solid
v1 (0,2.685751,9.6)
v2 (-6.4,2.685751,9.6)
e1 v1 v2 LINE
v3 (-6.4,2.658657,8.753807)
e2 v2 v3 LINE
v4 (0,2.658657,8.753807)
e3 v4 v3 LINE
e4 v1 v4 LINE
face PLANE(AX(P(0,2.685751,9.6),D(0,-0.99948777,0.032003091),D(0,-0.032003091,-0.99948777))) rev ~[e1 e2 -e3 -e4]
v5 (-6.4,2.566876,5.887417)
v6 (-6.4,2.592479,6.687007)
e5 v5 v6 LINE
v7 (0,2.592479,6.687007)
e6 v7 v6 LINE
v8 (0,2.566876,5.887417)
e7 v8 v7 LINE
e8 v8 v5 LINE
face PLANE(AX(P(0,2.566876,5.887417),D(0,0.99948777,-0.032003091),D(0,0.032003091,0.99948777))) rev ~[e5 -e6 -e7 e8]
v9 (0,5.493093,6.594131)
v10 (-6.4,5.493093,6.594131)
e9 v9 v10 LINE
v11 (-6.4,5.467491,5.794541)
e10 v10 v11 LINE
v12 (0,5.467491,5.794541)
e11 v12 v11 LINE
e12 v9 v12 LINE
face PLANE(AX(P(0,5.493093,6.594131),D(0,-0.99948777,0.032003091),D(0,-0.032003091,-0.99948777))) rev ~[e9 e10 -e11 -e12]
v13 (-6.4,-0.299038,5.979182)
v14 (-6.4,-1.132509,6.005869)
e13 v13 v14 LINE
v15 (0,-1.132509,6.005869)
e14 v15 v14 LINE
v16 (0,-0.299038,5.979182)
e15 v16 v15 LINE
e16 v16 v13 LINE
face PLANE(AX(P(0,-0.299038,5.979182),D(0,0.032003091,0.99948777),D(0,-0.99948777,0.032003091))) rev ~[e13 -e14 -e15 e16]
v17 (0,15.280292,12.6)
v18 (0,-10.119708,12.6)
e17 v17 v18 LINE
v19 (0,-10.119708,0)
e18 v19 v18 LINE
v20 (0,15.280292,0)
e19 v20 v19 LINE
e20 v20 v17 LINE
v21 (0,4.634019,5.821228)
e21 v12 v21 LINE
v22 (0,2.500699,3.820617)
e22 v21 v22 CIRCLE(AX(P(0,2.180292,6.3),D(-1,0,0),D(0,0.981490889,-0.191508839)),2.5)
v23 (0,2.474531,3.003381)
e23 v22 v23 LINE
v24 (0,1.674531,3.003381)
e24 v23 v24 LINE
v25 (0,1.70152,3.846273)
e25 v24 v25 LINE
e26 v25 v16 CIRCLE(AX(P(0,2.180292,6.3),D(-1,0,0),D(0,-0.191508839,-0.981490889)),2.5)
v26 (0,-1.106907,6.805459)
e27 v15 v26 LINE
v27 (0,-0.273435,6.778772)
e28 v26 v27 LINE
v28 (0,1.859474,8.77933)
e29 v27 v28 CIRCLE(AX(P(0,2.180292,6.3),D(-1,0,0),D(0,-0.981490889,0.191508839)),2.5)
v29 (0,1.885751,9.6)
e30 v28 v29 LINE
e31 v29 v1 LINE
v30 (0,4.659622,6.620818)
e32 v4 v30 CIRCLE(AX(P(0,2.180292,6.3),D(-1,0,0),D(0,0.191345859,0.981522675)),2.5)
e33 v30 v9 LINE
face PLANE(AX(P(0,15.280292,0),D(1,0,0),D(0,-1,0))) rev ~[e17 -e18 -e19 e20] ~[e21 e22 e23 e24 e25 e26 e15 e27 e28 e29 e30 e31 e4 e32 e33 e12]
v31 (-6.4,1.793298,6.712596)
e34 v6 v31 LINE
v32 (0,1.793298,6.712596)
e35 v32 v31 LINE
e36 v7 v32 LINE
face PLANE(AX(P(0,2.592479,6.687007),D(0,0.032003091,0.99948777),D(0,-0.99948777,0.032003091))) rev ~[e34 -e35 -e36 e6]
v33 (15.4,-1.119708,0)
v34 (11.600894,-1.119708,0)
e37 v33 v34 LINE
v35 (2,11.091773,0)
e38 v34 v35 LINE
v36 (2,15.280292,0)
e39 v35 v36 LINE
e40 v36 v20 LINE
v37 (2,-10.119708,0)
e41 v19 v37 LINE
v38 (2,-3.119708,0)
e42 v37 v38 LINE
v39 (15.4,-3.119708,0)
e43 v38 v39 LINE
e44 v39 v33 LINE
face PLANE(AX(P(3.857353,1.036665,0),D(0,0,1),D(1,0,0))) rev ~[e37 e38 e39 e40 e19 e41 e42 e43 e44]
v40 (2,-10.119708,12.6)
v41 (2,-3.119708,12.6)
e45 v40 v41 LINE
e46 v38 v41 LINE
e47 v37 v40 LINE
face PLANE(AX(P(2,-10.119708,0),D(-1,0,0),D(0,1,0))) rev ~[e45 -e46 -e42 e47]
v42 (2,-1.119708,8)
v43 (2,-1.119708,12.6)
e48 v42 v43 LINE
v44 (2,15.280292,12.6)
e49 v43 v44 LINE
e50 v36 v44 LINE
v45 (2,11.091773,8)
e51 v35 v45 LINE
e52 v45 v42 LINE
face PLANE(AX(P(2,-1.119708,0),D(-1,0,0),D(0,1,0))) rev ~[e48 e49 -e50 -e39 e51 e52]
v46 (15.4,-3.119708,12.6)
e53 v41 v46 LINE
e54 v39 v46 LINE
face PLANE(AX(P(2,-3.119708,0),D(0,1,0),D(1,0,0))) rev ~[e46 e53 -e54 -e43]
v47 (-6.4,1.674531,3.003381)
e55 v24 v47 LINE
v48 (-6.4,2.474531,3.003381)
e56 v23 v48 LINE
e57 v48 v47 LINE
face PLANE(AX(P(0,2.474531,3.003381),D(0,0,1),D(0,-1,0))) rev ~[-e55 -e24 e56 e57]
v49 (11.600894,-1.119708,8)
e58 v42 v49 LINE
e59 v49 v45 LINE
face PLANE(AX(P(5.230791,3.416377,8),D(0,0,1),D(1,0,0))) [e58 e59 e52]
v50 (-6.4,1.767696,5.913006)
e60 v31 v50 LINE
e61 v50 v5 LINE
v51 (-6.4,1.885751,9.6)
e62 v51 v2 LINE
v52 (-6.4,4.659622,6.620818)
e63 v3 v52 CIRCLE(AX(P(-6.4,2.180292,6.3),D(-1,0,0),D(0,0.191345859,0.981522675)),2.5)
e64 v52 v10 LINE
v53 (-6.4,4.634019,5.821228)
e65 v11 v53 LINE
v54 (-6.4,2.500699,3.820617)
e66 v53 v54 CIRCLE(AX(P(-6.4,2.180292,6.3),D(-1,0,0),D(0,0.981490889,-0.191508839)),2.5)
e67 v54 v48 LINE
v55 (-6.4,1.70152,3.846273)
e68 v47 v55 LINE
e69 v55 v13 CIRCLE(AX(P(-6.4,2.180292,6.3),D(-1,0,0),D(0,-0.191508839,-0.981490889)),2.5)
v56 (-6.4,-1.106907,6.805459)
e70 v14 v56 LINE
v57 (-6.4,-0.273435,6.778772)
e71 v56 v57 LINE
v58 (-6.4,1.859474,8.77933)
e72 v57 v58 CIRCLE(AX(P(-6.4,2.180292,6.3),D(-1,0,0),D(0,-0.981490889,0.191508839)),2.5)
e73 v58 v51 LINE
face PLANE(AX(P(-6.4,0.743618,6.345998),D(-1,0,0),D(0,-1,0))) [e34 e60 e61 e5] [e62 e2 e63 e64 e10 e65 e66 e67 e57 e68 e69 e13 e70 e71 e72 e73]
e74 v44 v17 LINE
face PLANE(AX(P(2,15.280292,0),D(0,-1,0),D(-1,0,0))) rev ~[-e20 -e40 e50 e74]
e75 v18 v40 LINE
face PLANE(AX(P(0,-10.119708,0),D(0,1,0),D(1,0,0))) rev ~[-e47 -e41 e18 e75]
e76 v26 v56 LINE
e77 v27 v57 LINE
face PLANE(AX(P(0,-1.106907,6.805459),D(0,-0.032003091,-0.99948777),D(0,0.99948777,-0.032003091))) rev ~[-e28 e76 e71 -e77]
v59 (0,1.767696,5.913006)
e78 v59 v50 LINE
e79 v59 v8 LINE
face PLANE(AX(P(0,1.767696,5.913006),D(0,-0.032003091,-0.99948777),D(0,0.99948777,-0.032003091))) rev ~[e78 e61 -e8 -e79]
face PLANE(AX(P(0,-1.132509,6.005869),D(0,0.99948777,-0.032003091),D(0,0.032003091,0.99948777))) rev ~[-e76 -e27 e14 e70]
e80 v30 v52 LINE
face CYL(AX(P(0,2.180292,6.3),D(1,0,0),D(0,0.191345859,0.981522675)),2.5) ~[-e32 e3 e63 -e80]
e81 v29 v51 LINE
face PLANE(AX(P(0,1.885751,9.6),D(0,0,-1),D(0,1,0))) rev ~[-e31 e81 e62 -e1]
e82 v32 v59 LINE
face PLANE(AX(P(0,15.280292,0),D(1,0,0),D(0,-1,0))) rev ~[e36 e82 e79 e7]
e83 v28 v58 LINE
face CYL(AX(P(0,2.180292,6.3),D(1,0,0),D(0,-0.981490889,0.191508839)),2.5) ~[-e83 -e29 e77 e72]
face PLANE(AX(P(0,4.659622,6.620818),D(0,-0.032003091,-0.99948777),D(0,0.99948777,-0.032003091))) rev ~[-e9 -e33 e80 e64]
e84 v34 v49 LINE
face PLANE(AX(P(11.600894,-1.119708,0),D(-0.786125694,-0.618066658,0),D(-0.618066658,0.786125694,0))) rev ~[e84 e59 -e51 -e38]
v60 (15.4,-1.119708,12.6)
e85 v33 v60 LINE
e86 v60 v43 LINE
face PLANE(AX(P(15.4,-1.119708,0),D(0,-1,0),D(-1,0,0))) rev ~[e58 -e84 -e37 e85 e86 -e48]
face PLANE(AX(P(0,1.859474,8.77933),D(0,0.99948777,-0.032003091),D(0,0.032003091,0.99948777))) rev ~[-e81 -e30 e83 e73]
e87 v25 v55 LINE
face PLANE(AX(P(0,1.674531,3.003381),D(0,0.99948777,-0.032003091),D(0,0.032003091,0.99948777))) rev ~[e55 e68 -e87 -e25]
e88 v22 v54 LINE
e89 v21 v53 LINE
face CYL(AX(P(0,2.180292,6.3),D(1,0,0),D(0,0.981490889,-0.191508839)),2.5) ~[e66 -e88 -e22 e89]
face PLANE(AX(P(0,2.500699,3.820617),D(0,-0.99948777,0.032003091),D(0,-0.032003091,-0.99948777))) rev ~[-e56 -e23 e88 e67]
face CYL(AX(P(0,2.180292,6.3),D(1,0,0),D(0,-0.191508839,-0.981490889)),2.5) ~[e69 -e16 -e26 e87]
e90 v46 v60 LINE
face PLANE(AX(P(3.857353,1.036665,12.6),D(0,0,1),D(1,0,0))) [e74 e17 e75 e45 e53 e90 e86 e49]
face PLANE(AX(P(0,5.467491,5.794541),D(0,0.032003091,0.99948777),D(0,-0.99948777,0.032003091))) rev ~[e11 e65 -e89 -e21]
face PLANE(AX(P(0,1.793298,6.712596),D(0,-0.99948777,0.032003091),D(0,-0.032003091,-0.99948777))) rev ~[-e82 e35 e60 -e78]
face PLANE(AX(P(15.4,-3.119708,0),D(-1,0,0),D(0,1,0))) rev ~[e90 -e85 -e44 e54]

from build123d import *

# Parameters (mm, degrees)
F1_DEPTH = 8
F2_DEPTH = 12.6
F4_DEPTH = 6.4


with BuildPart() as f1:
    # F0 (on Top) → F1 (new body)
    with BuildSketch(Plane.XY):
        Polygon((11.6008939222, -1.1197078275), (2, 11.0917733982), (2, -1.1197078275), align=None)
    extrude(amount=F1_DEPTH)

    # F0 (on Top) → F2 (join)
    with BuildSketch(Plane.XY):
        Polygon((0, 15.2802921725), (0, -10.1197078275), (2, -10.1197078275), (2, -3.1197078275), (15.4, -3.1197078275), (15.4, -1.1197078275), (11.6008939222, -1.1197078275), (2, -1.1197078275), (2, 11.0917733982), (2, 15.2802921725), align=None)
    extrude(amount=F2_DEPTH)

    # F3 (on face) → F4 (join)
    with BuildSketch(Plane(origin=(0, 0, 0), x_dir=(0, -1, 0), z_dir=(-1, 0, 0))):
        with BuildLine():
            ThreePointArc((0.299037522, 5.9791818809), (0.3145348993, 6.1392583384), (0.3197078275, 6.3))
            ThreePointArc((0.3197078275, 6.3), (0.3081127437, 6.5405015024), (0.2734350493, 6.7787720968))
            Line((0.2734350493, 6.7787720968), (-1.7932983009, 6.7125963443))
            Line((-1.7932983009, 6.7125963443), (-1.7676958282, 5.9130061284))
            Line((-1.7676958282, 5.9130061284), (0.299037522, 5.9791818809))
        make_face()
        with BuildLine():
            ThreePointArc((0.2734350493, 6.7787720968), (0.3081127437, 6.5405015024), (0.3197078275, 6.3))
            ThreePointArc((0.3197078275, 6.3), (0.3145348993, 6.1392583384), (0.299037522, 5.9791818809))
            Line((0.299037522, 5.9791818809), (1.1325090638, 6.0058692164))
            Line((1.1325090638, 6.0058692164), (1.1069065911, 6.8054594324))
            Line((1.1069065911, 6.8054594324), (0.2734350493, 6.7787720968))
        make_face()
        with BuildLine():
            Line((-1.7932983009, 6.7125963443), (0.2734350493, 6.7787720968))
            ThreePointArc((0.2734350493, 6.7787720968), (-0.4700047295, 8.123435456), (-1.8594740534, 8.7793296946))
            Line((-1.8594740534, 8.7793296946), (-1.7932983009, 6.7125963443))
        make_face()
        with BuildLine():
            ThreePointArc((-1.7015200757, 3.8462727781), (-0.3568567165, 4.589712557), (0.299037522, 5.9791818809))
            Line((0.299037522, 5.9791818809), (-1.7676958282, 5.9130061284))
            Line((-1.7676958282, 5.9130061284), (-1.7015200757, 3.8462727781))
        make_face()
        with BuildLine():
            Line((-1.7932983009, 6.7125963443), (-1.8594740534, 8.7793296946))
            ThreePointArc((-1.8594740534, 8.7793296946), (-2.2600924425, 8.7987260588), (-2.6586568197, 8.7538066885))
            Line((-2.6586568197, 8.7538066885), (-2.5924789427, 6.687006986))
            Line((-2.5924789427, 6.687006986), (-1.7932983009, 6.7125963443))
        make_face()
        with BuildLine():
            ThreePointArc((-2.6586568197, 8.7538066885), (-2.2600924425, 8.7987260588), (-1.8594740534, 8.7793296946))
            Line((-1.8594740534, 8.7793296946), (-1.8857514999, 9.6))
            Line((-1.8857514999, 9.6), (-2.6857514999, 9.6))
            Line((-2.6857514999, 9.6), (-2.6586568197, 8.7538066885))
        make_face()
        with BuildLine():
            Line((-1.6745311, 3.0033807187), (-1.7015200757, 3.8462727781))
            ThreePointArc((-1.7015200757, 3.8462727781), (-2.1000769886, 3.8012872265), (-2.5006985929, 3.8206170675))
            Line((-2.5006985929, 3.8206170675), (-2.4745311, 3.0033807187))
            Line((-2.4745311, 3.0033807187), (-1.6745311, 3.0033807187))
        make_face()
        with BuildLine():
            ThreePointArc((-2.5006985929, 3.8206170675), (-2.1000769886, 3.8012872265), (-1.7015200757, 3.8462727781))
            Line((-1.7015200757, 3.8462727781), (-1.7676958282, 5.9130061284))
            Line((-1.7676958282, 5.9130061284), (-2.56687647, 5.88741677))
            Line((-2.56687647, 5.88741677), (-2.5006985929, 3.8206170675))
        make_face()
        with BuildLine():
            Line((-2.5924789427, 6.687006986), (-2.6586568197, 8.7538066885))
            ThreePointArc((-2.6586568197, 8.7538066885), (-4.0035856251, 8.0104388285), (-4.6596218671, 6.6208181191))
            Line((-4.6596218671, 6.6208181191), (-2.5924789427, 6.687006986))
        make_face()
        with BuildLine():
            Line((-2.56687647, 5.88741677), (-2.5924789427, 6.687006986))
            Line((-2.5924789427, 6.687006986), (-4.6596218671, 6.6208181191))
            ThreePointArc((-4.6596218671, 6.6208181191), (-4.6790115973, 6.2199922728), (-4.6340193944, 5.8212279032))
            Line((-4.6340193944, 5.8212279032), (-2.56687647, 5.88741677))
        make_face()
        with BuildLine():
            ThreePointArc((-4.6340193944, 5.8212279032), (-3.8904282184, 4.4764225531), (-2.5006985929, 3.8206170675))
            Line((-2.5006985929, 3.8206170675), (-2.56687647, 5.88741677))
            Line((-2.56687647, 5.88741677), (-4.6340193944, 5.8212279032))
        make_face()
        with BuildLine():
            ThreePointArc((-4.6340193944, 5.8212279032), (-4.6790115973, 6.2199922728), (-4.6596218671, 6.6208181191))
            Line((-4.6596218671, 6.6208181191), (-5.4930934089, 6.5941307836))
            Line((-5.4930934089, 6.5941307836), (-5.4674909362, 5.7945405676))
            Line((-5.4674909362, 5.7945405676), (-4.6340193944, 5.8212279032))
        make_face()
    extrude(amount=F4_DEPTH)


solid = f1.part
